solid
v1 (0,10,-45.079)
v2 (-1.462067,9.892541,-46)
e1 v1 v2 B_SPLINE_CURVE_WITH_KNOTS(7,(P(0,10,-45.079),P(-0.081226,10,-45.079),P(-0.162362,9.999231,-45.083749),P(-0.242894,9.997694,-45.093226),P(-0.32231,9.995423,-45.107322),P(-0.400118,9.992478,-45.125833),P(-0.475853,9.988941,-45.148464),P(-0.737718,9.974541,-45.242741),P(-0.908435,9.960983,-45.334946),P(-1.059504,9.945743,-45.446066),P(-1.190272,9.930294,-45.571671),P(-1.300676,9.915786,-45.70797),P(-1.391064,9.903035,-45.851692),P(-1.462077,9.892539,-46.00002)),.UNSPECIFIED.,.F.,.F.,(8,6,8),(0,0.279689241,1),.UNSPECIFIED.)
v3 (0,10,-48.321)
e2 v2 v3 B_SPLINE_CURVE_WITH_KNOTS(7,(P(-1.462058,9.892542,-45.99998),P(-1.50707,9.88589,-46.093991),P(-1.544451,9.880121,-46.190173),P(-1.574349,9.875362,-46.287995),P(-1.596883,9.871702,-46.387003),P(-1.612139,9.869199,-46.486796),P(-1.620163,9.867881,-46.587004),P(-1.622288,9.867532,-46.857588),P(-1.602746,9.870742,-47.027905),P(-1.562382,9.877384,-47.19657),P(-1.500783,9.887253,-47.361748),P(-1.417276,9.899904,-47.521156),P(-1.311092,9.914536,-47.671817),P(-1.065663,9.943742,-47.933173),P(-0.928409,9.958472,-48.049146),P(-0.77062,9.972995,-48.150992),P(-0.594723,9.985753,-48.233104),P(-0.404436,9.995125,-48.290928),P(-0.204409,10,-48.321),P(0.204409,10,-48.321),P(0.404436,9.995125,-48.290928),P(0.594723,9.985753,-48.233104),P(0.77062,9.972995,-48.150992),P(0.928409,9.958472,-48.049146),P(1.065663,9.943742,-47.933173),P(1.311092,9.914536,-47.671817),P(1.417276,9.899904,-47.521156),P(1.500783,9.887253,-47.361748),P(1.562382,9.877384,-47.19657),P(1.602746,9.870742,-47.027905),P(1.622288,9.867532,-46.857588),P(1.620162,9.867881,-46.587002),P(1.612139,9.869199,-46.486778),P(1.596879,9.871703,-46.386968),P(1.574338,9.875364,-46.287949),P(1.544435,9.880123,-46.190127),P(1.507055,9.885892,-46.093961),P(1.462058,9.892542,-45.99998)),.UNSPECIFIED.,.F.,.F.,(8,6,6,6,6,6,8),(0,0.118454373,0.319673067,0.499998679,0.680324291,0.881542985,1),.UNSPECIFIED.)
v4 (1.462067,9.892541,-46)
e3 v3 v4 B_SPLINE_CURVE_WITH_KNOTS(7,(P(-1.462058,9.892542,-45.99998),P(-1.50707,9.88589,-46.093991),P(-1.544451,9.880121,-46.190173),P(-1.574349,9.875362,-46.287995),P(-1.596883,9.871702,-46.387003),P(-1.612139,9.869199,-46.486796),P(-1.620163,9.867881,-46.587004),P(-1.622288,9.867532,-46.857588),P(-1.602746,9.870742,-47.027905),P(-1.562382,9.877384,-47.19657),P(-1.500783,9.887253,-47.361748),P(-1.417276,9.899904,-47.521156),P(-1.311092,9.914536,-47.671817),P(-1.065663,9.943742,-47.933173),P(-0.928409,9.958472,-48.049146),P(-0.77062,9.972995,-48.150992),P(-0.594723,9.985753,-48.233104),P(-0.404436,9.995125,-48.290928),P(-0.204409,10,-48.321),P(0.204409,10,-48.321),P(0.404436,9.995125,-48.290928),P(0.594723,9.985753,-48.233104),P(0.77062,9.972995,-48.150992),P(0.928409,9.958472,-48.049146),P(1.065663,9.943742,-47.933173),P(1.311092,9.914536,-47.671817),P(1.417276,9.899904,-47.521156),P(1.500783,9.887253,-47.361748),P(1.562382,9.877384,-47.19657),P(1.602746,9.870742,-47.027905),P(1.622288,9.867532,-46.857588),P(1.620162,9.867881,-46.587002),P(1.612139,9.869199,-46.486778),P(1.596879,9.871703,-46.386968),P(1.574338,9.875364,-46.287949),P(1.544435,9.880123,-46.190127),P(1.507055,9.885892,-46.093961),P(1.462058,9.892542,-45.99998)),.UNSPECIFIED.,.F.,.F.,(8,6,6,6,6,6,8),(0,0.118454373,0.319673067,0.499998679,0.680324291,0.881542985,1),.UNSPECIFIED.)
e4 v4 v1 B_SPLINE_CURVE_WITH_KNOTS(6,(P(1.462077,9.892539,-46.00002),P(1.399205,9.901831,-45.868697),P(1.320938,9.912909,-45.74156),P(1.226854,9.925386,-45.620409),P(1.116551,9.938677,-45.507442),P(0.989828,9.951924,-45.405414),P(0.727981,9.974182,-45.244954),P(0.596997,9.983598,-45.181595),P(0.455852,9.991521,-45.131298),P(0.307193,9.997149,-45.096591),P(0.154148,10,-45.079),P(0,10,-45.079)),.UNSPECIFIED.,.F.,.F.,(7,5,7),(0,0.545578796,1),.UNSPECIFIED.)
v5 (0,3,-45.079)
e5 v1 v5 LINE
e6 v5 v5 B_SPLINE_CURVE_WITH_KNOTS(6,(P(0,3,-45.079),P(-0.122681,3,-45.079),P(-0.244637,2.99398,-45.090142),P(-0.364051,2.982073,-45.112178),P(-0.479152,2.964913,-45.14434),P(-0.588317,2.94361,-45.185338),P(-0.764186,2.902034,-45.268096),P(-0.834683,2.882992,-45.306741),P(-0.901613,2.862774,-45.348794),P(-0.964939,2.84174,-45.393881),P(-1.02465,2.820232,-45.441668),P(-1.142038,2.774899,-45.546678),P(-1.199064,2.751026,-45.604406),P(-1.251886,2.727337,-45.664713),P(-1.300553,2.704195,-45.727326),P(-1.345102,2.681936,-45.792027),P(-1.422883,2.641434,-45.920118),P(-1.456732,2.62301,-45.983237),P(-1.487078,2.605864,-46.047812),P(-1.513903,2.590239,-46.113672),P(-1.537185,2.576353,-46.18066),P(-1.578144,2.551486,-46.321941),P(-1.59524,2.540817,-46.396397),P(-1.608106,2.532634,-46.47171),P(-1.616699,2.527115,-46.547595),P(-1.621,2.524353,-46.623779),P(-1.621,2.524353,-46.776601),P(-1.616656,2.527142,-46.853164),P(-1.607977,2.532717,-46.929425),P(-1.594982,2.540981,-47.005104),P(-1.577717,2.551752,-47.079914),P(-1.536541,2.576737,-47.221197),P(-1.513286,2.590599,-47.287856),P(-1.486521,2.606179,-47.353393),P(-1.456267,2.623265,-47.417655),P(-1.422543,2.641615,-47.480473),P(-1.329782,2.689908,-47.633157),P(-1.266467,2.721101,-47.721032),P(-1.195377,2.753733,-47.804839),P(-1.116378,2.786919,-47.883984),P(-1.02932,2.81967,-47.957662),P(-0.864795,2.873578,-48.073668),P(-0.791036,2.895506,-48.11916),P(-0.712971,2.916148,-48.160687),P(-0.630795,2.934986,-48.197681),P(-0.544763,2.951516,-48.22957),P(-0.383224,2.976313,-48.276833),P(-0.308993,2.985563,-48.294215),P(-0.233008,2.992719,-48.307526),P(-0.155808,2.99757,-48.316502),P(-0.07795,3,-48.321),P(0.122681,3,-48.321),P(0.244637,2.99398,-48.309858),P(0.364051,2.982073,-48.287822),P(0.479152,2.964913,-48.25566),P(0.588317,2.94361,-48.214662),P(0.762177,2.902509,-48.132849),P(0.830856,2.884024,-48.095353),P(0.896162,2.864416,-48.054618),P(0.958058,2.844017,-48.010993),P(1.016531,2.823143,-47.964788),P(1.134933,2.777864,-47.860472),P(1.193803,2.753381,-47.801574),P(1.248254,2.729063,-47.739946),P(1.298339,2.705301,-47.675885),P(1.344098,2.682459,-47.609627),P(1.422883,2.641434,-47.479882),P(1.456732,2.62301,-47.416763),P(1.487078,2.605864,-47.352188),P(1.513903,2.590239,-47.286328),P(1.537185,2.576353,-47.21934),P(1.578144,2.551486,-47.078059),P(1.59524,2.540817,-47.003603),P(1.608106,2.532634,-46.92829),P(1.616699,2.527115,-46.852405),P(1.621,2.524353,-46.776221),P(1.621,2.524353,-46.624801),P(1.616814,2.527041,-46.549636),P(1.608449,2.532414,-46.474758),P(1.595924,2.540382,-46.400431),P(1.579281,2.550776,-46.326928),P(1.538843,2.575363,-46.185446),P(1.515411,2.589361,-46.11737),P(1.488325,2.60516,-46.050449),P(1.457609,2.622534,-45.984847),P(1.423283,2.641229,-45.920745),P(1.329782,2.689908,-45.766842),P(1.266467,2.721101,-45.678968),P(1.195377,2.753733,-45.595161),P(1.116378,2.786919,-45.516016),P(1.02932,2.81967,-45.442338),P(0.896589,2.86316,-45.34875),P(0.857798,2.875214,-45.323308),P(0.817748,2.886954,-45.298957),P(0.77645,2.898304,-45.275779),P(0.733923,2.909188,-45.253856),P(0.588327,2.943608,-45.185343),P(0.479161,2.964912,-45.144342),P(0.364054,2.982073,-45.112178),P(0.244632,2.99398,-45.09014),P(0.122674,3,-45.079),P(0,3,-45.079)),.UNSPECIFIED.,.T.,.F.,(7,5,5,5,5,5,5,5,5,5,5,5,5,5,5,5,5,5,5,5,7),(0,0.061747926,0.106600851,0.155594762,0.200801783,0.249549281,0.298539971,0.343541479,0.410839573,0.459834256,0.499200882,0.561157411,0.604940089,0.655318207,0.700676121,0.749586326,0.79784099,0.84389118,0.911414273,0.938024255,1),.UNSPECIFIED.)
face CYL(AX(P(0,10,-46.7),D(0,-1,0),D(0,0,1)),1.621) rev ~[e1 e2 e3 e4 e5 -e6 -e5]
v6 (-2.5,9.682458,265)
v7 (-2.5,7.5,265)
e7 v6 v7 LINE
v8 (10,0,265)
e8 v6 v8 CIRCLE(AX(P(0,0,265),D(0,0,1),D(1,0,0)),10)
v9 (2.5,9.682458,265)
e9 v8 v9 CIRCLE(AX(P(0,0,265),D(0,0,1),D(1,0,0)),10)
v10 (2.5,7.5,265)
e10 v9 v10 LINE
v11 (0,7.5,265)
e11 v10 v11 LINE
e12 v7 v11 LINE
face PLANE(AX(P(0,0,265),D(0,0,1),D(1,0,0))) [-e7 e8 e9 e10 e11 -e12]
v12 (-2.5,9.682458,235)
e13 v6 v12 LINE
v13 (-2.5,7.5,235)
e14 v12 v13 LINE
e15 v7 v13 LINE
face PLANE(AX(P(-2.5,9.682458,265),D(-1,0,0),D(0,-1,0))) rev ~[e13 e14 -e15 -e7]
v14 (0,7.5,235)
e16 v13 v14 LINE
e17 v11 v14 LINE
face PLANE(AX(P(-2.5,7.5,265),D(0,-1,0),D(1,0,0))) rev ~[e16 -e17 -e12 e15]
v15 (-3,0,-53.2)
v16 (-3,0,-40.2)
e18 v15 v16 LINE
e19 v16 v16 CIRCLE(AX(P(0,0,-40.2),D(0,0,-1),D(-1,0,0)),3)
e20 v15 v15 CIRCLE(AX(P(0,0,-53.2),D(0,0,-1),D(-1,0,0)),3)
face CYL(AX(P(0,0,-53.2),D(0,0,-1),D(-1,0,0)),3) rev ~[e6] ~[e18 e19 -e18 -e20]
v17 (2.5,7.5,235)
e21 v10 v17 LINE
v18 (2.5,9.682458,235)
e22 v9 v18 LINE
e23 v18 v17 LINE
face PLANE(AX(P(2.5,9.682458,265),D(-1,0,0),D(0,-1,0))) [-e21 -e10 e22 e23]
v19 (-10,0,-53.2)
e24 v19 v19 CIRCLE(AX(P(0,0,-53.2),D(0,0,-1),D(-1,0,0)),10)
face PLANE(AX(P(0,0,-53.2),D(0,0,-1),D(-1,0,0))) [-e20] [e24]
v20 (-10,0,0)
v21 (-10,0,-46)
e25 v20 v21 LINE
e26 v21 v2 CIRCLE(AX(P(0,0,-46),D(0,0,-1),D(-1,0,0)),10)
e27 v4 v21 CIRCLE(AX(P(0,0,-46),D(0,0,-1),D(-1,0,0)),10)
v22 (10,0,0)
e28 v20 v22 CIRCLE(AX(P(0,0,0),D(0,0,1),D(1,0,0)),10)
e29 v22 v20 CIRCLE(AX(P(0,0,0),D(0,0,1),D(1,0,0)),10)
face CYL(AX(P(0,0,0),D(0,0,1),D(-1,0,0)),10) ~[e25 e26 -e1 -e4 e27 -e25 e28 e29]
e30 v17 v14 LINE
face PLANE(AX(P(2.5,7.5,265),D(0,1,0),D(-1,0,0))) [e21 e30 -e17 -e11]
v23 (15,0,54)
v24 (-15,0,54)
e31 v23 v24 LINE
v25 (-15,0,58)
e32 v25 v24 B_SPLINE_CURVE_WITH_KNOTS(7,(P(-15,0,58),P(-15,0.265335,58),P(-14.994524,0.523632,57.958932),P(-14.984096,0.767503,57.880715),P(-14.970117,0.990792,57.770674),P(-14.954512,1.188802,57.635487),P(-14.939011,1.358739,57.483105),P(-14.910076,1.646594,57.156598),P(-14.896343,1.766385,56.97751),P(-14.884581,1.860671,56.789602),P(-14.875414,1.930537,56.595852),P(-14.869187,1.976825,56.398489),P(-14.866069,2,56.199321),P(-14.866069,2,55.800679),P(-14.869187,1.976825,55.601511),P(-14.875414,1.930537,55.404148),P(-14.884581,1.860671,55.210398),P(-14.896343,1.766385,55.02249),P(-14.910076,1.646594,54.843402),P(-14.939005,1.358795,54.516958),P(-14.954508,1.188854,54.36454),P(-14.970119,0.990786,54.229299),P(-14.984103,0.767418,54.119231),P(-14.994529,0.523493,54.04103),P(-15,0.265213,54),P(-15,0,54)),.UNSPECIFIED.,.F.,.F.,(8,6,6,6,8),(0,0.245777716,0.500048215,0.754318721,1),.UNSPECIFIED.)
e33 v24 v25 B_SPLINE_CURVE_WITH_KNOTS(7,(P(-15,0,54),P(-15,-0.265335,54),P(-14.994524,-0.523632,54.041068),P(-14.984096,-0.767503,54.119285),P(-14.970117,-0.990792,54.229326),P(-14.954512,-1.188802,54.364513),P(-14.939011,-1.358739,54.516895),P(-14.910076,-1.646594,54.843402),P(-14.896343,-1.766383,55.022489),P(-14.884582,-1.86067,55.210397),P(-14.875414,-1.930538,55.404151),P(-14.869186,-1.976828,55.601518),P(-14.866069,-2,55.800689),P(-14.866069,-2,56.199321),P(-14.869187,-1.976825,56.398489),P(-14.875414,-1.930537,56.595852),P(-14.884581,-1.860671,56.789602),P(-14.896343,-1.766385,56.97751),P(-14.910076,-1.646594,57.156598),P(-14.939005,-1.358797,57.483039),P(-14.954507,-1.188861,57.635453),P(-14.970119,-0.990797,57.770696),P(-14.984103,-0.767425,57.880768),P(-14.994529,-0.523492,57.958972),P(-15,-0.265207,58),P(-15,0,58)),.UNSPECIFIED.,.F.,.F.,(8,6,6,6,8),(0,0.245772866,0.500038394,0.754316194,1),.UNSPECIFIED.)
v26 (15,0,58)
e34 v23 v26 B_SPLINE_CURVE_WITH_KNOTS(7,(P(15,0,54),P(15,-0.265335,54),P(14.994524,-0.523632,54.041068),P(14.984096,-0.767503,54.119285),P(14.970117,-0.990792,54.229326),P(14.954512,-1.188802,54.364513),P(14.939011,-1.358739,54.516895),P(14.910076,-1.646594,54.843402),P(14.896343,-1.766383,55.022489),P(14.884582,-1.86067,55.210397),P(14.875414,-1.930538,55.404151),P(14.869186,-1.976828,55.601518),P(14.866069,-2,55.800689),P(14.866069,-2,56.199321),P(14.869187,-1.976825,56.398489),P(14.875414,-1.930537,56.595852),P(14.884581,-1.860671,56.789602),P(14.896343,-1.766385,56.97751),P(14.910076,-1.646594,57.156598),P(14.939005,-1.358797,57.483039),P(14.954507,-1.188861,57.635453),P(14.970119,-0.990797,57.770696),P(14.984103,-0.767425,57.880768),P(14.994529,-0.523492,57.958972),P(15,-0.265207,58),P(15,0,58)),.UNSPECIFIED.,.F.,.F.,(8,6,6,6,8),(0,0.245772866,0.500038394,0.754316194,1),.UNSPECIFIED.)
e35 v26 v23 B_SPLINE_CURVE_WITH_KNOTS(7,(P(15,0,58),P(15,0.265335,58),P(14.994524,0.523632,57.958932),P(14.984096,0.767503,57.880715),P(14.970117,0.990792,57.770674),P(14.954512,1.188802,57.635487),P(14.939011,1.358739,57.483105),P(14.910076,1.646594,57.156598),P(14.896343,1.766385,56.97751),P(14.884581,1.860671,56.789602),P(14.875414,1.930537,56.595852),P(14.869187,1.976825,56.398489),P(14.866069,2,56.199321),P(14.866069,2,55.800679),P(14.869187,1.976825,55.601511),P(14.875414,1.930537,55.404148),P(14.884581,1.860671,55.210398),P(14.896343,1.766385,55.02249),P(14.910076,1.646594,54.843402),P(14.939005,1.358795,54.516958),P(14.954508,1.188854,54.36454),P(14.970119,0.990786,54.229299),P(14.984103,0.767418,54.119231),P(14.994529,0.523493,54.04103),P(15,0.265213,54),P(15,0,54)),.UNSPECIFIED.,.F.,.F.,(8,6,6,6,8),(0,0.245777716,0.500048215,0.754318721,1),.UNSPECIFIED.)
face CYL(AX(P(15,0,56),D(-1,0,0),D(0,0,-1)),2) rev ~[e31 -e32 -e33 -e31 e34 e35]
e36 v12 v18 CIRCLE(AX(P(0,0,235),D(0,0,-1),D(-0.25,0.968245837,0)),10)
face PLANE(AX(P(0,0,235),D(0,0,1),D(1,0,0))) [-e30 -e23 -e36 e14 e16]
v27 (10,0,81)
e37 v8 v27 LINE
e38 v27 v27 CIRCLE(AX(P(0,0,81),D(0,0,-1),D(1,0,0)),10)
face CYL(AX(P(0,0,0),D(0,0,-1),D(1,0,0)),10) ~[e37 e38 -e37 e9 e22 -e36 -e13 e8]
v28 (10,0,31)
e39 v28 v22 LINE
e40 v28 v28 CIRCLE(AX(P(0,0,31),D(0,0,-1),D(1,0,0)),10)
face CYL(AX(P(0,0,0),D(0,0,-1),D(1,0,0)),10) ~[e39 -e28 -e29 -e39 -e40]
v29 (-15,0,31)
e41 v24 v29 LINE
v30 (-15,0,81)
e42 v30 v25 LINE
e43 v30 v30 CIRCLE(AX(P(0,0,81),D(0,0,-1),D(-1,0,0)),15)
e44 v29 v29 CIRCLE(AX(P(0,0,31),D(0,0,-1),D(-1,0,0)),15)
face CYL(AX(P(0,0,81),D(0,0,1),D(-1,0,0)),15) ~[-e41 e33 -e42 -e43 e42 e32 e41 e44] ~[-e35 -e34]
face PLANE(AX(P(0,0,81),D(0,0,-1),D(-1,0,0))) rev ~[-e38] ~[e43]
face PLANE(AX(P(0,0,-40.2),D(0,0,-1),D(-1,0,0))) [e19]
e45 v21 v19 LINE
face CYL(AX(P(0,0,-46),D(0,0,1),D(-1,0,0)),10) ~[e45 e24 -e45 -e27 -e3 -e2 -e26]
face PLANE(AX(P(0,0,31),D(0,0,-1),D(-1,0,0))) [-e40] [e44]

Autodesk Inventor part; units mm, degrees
sketch "Sketch1" plane through (0, 0, 0) normal (0, 0, 1) x (1, 0, 0)
  circle A0 centre (0, 0) radius 10
  dimension "d0" = 20
extrude "Extrusion1" add sketch "Sketch1" along normal blind 65
sketch "Sketch2" plane through (0, 0, 65) normal (0, 0, 1) x (1, 0, 0)
  circle A0 centre (0, 0) radius 10
  dimension "d3" = 20
extrude "Extrusion2" add sketch "Sketch2" along normal blind 150
sketch "Sketch3" plane through (0, 0, 0) normal (0, 0, -1) x (-1, 0, 0)
  circle A0 centre (0, 0) radius 10
extrude "Extrusion3" add sketch "Sketch3" along normal blind 100
sketch "Sketch6" plane through (0, 0, -100) normal (0, 0, -1) x (-1, 0, 0)
  circle A0 centre (0, 0) radius 10
extrude "Extrusion4" cut sketch "Sketch6" against normal blind 54
sketch "Sketch7" plane through (0, 0, 215) normal (0, 0, 1) x (1, 0, 0)
  circle A0 centre (0, 0) radius 10
extrude "Extrusion5" add sketch "Sketch7" along normal blind 50
ref_plane "Work Plane3" through (0, 0, 81) normal (0, 0, -1) x (-1, 0, 0)
sketch "Sketch9" plane through (0, 0, 81) normal (0, 0, -1) x (-1, 0, 0)
  circle A0 centre (0, 0) radius 15
  dimension "d29" = 30
extrude "Extrusion7" add sketch "Sketch9" along normal blind 50
sketch "Sketch12" plane through (0, 0, -46) normal (0, 0, -1) x (-1, 0, 0)
  circle A0 centre (0, 0) radius 10
extrude "Extrusion8" add sketch "Sketch12" along normal blind 7.2
sketch "Sketch16" plane through (0, 0, 81) normal (0, 0, -1) x (-1, 0, 0)
  circle A0 centre (0, 0) radius 15 projected
  point P0 (-15, 0)
ref_plane "Work Plane4" through (15, 0, 81) normal (1, 0, 0) x (0, 1, 0)
sketch "Sketch17" plane through (15, 0, 81) normal (1, 0, 0) x (0, 1, 0)
  line L0 (-15, -50) -> (15, -50) projected
  point P0 (0, -81)
  point P1 (0, -25)
  dimension "d67" = 25
hole "Hole4" at (15, 0, 56) direction (-1, 0, 0) diameter 4 end through all
sketch "Sketch18" plane through (0, 0, 265) normal (0, 0, 1) x (1, 0, 0)
  circle A0 centre (0, 0) radius 10 projected
  line L0 (0, 10) -> (-2.5, 10)
  line L1 (-2.5, 10) -> (-2.5, 7.5)
  line L2 (-2.5, 7.5) -> (0, 7.5)
  line L3 (0, 10) -> (2.5, 10)
  line L4 (2.5, 10) -> (2.5, 7.5)
  line L5 (2.5, 7.5) -> (0, 7.5)
  point P0 (0, 7.5)
  point P1 (2.5, 9.6825)
  point P2 (-2.5, 9.6825)
  dimension "d75" = 5
  dimension "d76" = 2.5
  dimension "d77" = 10
extrude "Extrusion12" cut sketch "Sketch18" against normal blind 30 contours L4 L5 L2 L1 A0 picked at (1.3922, 8.2862)
sketch "Sketch19" plane through (0, 0, -53.2) normal (0, 0, -1) x (-1, 0, 0)
  circle A0 centre (0, 0) radius 3
  dimension "d80" = 6
extrude "Extrusion13" cut sketch "Sketch19" against normal blind 13
sketch "Sketch20" plane through (0, 0, -53.2) normal (0, 0, -1) x (-1, 0, 0)
  point P0 (0, 0)
  point P1 (0, 10)
ref_plane "Work Plane5" through (0, 10, -53.2) normal (0, 1, 0) x (-1, 0, 0)
sketch "Sketch21" plane through (0, 10, -53.2) normal (0, 1, 0) x (-1, 0, 0)
  line L0 (-10, 0) -> (10, 0) projected
  point P0 (0, 53.2)
  point P1 (0, 6.5)
  dimension "d83" = 6.5
hole "Hole5" at (0, 10, -46.7) direction (0, -1, 0) diameter 3.242 depth 9 tip angle 118 thread size "M4x0.7" class "6H" standard "ISO Metric profile"
equation "\"d73\" = Thickness"
equation "\"BendRadius\" = Thickness"
equation "\"BendReliefWidth\" = Thickness"
equation "\"BendReliefDepth\" = 0.5 * Thickness"
equation "\"CornerReliefSize\" = 4 * Thickness"
equation "\"MinimumRemnant\" = 2 * Thickness"
equation "\"TransitionRadius\" = BendRadius"
equation "\"JacobiRadiusSize\" = BendRadius"
equation "\"GapSize\" = Thickness"
equation "\"Thickness\" = 0.5"
properties part number "Rough draft shaft"
